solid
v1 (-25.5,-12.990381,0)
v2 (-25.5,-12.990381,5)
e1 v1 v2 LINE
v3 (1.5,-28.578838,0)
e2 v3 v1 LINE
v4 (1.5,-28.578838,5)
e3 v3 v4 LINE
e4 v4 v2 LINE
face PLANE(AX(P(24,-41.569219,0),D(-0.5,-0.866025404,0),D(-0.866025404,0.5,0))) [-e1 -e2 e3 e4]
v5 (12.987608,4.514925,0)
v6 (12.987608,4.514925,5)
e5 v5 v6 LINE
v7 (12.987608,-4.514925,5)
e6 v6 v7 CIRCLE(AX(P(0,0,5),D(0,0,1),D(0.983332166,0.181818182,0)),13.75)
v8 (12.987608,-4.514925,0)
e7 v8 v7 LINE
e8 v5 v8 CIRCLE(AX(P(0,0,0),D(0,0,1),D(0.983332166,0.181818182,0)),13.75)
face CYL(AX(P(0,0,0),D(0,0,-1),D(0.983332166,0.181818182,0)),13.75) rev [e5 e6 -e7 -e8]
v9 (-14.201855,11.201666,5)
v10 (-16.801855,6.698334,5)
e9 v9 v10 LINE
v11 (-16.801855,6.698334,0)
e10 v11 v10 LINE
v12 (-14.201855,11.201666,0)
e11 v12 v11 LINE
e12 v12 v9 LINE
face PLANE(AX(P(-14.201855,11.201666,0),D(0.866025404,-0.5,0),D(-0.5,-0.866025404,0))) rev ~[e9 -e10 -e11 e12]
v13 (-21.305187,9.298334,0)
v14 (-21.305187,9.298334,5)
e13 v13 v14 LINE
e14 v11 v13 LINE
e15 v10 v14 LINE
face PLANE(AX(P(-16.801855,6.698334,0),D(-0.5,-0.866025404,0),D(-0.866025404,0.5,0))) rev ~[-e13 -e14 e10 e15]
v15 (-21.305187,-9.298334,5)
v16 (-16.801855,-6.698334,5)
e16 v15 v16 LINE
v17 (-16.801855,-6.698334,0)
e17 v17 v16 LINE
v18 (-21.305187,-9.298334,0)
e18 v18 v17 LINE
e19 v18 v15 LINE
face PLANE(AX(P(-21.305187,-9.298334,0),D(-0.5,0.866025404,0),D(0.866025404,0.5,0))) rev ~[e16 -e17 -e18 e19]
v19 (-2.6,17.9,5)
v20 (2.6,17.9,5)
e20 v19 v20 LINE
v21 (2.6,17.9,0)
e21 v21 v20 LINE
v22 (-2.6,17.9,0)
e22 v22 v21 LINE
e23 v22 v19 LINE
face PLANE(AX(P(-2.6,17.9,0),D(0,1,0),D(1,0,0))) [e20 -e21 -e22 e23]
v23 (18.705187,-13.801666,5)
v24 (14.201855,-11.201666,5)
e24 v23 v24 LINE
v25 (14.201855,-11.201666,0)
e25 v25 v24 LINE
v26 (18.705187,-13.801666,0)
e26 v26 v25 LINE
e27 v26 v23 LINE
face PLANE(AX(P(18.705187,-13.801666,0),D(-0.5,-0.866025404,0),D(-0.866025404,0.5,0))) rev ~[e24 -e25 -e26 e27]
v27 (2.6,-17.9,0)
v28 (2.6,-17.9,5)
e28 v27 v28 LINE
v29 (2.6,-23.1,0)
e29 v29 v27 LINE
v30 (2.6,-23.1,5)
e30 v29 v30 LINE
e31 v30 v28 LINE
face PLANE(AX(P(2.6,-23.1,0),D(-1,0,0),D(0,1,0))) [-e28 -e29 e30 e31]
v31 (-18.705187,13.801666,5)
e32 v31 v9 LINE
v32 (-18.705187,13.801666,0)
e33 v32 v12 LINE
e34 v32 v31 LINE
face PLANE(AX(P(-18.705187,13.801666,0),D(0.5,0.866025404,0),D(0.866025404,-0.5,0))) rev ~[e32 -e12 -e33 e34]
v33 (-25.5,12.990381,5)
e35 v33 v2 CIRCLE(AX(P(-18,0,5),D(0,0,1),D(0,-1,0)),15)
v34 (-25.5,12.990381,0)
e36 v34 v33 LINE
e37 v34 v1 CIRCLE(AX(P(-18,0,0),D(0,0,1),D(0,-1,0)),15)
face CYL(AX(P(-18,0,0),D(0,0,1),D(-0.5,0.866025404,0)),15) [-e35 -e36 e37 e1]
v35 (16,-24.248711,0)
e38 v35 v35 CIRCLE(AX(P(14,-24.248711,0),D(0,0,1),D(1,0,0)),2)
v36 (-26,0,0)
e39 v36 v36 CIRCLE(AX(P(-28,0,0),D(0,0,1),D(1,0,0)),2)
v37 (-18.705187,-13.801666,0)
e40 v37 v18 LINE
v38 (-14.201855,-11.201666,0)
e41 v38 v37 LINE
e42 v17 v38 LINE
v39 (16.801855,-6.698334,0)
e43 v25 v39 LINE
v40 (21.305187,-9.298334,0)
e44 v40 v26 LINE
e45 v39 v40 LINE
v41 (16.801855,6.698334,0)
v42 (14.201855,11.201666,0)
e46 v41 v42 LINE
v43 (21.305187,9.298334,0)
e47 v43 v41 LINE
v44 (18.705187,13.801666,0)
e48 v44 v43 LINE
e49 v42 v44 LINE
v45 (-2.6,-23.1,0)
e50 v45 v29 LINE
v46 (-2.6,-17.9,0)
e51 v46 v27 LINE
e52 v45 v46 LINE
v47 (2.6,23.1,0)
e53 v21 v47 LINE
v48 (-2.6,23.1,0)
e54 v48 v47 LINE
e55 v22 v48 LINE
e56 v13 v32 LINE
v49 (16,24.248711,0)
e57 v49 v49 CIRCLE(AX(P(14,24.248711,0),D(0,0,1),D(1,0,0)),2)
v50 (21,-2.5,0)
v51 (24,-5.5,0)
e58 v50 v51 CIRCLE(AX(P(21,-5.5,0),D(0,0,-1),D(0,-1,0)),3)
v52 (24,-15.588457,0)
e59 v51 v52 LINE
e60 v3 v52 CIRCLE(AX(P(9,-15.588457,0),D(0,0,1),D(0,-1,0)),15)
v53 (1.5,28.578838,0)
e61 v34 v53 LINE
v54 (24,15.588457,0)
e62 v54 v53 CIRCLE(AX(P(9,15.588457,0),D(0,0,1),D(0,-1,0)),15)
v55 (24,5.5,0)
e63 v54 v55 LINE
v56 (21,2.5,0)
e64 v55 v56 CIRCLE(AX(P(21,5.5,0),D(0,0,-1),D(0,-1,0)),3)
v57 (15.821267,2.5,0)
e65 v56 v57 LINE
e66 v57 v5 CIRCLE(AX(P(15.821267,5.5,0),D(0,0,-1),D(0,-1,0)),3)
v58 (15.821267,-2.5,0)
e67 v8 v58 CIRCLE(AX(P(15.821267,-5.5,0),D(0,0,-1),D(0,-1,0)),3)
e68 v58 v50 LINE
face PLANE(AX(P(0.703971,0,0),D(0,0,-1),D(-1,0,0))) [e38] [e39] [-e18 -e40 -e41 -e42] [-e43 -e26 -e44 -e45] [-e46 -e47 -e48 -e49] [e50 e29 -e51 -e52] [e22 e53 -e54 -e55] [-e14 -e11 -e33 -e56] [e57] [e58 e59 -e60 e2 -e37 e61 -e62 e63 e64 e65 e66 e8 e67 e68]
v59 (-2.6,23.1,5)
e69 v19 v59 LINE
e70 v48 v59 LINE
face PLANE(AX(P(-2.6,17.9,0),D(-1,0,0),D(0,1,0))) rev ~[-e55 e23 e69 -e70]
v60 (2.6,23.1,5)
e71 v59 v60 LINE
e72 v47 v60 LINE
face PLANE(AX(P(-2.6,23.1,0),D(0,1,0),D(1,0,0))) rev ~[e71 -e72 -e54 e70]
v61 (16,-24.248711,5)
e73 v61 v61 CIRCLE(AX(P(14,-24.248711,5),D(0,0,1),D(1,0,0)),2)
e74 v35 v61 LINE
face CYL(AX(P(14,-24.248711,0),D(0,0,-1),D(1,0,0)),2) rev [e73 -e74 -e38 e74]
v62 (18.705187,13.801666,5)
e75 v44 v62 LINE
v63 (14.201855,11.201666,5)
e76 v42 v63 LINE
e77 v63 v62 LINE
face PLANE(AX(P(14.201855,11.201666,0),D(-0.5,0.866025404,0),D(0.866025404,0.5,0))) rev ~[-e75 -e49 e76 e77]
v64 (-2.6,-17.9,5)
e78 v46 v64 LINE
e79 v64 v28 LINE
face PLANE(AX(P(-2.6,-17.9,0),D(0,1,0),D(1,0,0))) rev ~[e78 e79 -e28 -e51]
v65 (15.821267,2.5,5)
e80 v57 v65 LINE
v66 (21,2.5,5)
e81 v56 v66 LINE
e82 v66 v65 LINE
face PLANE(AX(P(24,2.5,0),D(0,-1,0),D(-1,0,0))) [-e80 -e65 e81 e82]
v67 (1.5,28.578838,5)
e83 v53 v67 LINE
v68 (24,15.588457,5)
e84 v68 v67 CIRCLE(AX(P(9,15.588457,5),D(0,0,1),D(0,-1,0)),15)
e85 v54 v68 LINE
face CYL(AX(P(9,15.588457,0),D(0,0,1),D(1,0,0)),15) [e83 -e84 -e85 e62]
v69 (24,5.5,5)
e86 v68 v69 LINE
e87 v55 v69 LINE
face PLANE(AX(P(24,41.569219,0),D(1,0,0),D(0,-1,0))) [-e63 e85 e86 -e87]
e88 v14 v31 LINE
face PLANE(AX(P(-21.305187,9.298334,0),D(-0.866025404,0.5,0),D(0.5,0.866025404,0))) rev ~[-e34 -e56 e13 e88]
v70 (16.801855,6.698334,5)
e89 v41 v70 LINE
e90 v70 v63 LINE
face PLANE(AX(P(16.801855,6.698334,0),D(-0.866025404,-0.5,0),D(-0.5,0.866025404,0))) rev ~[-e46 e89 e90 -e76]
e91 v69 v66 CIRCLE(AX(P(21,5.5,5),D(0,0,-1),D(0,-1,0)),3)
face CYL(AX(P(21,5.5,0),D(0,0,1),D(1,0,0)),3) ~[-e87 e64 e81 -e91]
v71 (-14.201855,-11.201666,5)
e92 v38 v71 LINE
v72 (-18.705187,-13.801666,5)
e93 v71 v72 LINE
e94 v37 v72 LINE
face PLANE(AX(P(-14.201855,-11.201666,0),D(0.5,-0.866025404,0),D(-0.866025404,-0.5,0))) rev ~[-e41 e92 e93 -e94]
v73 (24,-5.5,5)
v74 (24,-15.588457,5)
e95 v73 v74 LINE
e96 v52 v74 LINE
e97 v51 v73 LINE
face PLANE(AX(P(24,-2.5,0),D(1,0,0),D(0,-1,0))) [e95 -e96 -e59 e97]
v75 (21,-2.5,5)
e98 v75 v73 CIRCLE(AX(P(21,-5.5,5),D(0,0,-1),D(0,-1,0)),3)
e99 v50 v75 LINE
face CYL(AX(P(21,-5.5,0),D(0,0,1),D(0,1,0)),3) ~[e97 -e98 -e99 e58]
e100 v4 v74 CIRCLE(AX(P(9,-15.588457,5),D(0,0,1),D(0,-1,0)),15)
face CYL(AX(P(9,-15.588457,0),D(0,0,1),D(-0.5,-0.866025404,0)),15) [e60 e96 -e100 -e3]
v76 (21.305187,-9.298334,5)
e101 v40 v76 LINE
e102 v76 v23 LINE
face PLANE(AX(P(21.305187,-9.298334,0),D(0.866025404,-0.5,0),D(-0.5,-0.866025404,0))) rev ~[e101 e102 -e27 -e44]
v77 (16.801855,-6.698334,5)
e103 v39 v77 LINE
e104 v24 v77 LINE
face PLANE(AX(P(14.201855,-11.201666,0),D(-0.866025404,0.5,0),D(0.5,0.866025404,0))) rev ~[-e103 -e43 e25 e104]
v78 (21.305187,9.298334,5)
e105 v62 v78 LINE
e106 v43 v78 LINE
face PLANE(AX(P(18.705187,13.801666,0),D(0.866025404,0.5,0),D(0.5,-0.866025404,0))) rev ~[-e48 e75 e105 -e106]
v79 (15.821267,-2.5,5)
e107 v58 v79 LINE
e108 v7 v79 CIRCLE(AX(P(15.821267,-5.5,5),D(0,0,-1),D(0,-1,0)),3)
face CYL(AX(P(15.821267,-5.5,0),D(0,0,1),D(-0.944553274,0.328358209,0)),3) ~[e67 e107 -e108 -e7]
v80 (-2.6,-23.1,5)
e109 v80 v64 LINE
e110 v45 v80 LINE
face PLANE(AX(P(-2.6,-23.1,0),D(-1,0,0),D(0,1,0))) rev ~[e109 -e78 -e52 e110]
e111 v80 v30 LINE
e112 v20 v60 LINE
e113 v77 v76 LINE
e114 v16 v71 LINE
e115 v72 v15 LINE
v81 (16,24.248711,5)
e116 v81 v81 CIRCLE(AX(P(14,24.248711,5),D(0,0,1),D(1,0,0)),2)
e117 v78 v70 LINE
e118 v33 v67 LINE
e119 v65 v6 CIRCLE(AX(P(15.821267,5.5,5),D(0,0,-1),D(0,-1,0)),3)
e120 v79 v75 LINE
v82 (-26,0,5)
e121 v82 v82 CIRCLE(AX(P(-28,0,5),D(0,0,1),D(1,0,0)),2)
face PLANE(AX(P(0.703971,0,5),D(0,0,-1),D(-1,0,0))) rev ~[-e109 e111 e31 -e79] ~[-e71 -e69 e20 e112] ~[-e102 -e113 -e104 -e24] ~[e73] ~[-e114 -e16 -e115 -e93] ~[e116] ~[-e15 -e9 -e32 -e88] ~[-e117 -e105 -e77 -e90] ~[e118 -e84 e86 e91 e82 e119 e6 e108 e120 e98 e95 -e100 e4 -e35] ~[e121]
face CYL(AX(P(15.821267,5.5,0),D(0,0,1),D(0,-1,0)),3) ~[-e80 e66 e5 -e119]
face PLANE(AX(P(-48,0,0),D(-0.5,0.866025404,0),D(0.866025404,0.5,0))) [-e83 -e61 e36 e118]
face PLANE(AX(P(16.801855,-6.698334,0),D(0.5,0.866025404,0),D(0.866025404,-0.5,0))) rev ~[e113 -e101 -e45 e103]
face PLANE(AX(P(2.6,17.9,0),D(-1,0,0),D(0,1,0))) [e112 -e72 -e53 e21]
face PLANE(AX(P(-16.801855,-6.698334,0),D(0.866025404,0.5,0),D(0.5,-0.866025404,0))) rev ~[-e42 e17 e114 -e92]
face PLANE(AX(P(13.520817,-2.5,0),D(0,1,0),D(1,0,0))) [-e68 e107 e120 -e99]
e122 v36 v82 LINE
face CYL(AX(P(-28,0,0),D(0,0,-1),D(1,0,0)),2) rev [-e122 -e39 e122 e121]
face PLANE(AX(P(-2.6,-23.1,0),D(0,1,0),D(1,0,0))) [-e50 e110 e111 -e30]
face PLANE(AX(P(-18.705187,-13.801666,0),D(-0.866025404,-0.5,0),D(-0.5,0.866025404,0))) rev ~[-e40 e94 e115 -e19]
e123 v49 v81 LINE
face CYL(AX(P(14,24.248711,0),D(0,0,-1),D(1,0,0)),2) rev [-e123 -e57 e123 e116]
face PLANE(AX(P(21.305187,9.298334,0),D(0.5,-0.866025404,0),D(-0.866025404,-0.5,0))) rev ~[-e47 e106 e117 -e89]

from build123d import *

# Parameters (mm, degrees)
SKETCH1_R           = 2
SKETCH1_W           = 5.2
SKETCH1_H           = 5.2
BOSS_EXTRUDE1_DEPTH = 5
CONG_1_R            = 15
CONG_2_R            = 3


with BuildPart() as part:
    # Sketch1 → Boss-Extrude1 (new body)
    with BuildSketch(Plane.XY):
        with BuildLine():
            Line((24, 2.5), (13.520817283, 2.5))
            ThreePointArc((13.520817283, 2.5), (-13.75, 0), (13.520817283, -2.5))
            Line((13.520817283, -2.5), (24, -2.5))
            Line((24, -2.5), (24, -41.569219382))
            Line((24, -41.569219382), (-48, 0))
            Line((-48, 0), (24, 41.569219382))
            Line((24, 41.569219382), (24, 2.5))
        make_face()
        with Locations((14, 24.248711306)):
            Circle(SKETCH1_R, mode=Mode.SUBTRACT)
        with Locations((14, -24.248711306)):
            Circle(SKETCH1_R, mode=Mode.SUBTRACT)
        with Locations((-28, 0)):
            Circle(SKETCH1_R, mode=Mode.SUBTRACT)
        with Locations((0, 20.5)):
            Rectangle(SKETCH1_W, SKETCH1_H, mode=Mode.SUBTRACT)
        Polygon((21.305186827, 9.29833395), (16.801854728, 6.69833395), (14.201854728, 11.20166605), (18.705186827, 13.80166605), align=None, mode=Mode.SUBTRACT)
        Polygon((18.705186827, -13.80166605), (14.201854728, -11.20166605), (16.801854728, -6.69833395), (21.305186827, -9.29833395), align=None, mode=Mode.SUBTRACT)
        with Locations((0, -20.5)):
            Rectangle(SKETCH1_W, SKETCH1_H, mode=Mode.SUBTRACT)
        Polygon((-21.305186827, -9.29833395), (-16.801854728, -6.69833395), (-14.201854728, -11.20166605), (-18.705186827, -13.80166605), align=None, mode=Mode.SUBTRACT)
        Polygon((-18.705186827, 13.80166605), (-14.201854728, 11.20166605), (-16.801854728, 6.69833395), (-21.305186827, 9.29833395), align=None, mode=Mode.SUBTRACT)
    extrude(amount=BOSS_EXTRUDE1_DEPTH)

    # Congé1
    cong_1_edges = [part.edges().sort_by_distance(p)[0] for p in [
        (24, -41.569219382, 2.5),
        (-48, 0, 2.5),
        (24, 41.569219382, 2.5),
    ]]
    fillet(cong_1_edges, radius=CONG_1_R)

    # Congé2
    cong_2_edges = [part.edges().sort_by_distance(p)[0] for p in [
        (24, 2.5, 2.5),
        (13.520817283, 2.5, 2.5),
        (13.520817283, -2.5, 2.5),
        (24, -2.5, 2.5),
    ]]
    fillet(cong_2_edges, radius=CONG_2_R)


solid = part.part
